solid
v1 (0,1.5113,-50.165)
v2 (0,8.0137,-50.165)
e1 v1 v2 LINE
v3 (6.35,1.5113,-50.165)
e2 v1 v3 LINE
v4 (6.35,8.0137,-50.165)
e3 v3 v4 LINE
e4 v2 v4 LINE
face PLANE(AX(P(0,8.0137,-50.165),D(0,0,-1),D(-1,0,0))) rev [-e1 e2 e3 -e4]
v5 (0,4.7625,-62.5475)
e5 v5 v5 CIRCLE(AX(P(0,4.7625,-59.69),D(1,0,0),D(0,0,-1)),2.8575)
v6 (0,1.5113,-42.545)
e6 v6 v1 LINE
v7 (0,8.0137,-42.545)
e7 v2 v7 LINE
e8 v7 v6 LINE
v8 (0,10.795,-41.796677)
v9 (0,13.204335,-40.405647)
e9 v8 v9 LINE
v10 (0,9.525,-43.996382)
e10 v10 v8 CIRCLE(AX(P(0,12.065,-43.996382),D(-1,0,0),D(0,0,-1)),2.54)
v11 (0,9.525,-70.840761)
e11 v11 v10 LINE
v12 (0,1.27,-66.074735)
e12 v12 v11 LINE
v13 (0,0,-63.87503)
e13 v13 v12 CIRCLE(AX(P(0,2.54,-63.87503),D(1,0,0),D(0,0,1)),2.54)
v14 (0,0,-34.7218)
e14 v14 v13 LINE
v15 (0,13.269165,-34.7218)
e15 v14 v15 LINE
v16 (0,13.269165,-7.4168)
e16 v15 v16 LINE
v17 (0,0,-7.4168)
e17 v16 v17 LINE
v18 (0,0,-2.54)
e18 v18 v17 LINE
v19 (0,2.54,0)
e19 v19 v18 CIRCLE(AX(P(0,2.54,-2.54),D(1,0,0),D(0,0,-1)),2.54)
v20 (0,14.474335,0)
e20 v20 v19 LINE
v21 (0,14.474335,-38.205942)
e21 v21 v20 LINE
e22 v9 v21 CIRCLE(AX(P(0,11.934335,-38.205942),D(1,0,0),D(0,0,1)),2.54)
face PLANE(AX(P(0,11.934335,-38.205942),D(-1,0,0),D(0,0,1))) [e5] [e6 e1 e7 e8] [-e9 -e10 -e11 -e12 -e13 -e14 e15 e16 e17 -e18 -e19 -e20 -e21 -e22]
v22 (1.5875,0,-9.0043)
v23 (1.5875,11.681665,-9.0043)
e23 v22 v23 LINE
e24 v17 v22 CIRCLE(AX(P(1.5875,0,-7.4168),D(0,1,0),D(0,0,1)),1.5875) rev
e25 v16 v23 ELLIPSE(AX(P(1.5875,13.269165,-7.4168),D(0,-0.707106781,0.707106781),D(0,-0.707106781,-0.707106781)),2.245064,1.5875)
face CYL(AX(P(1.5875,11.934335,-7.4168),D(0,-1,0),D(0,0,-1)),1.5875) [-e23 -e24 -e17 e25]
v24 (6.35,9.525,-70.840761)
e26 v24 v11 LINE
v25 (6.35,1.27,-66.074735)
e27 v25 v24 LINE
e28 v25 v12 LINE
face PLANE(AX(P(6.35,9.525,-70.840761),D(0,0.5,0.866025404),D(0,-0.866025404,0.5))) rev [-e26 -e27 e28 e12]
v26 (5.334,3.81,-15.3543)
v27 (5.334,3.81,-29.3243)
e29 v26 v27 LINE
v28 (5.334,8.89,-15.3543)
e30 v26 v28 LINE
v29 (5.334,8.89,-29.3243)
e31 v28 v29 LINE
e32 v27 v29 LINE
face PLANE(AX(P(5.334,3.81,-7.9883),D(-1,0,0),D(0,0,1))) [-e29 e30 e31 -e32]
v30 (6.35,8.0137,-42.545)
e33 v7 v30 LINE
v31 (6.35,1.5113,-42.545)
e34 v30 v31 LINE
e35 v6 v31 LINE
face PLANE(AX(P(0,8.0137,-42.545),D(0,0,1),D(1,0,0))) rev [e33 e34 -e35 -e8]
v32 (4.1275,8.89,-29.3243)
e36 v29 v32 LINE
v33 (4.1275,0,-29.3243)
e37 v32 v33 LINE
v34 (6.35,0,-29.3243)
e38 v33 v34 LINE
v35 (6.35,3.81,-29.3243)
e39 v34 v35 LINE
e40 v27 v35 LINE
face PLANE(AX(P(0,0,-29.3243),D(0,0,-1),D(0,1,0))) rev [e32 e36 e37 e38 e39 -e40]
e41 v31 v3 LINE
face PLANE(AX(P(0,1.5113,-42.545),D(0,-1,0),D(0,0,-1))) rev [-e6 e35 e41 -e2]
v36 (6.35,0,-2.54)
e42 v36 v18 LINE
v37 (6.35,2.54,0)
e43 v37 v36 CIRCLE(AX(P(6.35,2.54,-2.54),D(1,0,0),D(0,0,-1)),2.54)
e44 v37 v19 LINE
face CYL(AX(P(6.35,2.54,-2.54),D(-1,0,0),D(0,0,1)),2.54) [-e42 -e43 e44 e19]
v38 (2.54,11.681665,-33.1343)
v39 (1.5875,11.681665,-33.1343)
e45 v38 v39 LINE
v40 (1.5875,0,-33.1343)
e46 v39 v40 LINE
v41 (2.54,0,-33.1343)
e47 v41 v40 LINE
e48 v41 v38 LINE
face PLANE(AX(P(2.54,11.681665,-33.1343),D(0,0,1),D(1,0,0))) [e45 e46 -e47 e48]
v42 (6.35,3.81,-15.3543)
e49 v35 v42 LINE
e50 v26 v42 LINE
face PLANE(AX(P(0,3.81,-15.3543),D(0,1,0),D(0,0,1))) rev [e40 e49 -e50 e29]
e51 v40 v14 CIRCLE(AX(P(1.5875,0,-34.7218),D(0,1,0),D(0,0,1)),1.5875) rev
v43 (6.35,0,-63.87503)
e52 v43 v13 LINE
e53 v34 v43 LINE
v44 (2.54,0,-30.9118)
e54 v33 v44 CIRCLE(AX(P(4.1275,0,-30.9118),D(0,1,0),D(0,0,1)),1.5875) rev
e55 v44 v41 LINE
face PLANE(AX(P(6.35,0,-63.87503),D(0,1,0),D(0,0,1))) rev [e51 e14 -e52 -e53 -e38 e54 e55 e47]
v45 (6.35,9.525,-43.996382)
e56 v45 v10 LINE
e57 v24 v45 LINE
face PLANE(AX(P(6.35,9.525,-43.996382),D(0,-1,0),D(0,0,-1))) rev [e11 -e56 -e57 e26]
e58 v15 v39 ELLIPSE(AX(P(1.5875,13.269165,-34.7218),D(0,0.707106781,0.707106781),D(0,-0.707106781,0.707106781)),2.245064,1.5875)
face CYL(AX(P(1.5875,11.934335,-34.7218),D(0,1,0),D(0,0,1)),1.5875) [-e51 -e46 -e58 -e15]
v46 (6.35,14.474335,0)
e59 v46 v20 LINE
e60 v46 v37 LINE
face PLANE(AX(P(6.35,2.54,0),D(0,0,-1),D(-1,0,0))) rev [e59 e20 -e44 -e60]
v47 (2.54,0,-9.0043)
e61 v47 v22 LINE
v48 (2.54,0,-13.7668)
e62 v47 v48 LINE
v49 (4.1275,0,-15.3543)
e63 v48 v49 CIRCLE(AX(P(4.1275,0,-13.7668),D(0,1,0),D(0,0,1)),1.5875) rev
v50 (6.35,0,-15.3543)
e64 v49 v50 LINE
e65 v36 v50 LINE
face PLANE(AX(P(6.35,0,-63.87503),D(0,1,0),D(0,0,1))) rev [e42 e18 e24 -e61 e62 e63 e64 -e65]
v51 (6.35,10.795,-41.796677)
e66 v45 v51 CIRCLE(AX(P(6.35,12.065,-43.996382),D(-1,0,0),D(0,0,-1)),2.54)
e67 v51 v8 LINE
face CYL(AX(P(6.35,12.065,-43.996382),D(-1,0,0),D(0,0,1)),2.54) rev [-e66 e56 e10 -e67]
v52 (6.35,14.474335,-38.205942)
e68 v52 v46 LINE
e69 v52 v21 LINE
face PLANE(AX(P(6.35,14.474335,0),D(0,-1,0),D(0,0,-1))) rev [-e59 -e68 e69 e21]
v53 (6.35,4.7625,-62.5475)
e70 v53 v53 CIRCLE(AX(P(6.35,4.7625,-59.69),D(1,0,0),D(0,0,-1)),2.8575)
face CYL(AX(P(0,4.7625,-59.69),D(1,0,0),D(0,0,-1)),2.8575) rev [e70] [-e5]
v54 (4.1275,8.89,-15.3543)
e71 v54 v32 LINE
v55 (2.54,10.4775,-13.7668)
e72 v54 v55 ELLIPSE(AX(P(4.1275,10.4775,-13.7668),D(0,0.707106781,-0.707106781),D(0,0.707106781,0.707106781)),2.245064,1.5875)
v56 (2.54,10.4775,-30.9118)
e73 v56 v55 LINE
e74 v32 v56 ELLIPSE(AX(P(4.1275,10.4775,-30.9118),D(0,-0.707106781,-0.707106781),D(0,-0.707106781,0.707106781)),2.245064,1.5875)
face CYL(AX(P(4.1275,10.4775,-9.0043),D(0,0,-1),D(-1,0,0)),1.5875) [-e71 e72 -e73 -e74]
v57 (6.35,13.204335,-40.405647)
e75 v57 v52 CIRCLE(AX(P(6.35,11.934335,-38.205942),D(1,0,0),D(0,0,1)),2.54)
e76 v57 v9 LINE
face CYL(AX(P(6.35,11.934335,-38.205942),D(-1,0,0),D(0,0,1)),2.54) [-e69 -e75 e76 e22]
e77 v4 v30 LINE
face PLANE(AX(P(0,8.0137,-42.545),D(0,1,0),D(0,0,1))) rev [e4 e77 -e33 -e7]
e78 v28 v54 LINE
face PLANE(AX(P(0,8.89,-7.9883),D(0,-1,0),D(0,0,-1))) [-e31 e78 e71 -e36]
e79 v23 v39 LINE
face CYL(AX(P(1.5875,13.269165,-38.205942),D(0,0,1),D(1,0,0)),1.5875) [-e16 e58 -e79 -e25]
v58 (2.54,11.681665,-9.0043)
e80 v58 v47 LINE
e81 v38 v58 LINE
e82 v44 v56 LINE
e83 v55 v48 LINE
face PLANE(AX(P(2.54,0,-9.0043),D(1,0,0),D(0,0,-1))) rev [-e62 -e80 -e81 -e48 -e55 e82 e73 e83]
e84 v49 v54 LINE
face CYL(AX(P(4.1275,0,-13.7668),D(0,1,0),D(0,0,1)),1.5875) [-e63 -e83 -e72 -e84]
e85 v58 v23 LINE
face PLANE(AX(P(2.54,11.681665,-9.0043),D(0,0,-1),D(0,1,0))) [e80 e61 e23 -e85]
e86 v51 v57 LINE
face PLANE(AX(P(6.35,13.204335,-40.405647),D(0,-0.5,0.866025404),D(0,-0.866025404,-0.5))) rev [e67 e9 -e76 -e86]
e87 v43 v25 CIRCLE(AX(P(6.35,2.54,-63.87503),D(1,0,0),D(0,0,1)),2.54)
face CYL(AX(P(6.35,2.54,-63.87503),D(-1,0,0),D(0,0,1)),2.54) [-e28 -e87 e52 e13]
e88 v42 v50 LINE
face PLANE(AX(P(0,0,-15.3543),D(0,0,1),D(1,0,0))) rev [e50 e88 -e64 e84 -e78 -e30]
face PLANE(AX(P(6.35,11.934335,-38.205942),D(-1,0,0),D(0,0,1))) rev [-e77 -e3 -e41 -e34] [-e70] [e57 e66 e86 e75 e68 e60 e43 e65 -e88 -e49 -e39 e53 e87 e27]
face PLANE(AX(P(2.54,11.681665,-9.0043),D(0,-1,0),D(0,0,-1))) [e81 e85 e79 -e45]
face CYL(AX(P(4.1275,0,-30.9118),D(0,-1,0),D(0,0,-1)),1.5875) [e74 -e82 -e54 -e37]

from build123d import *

# Parameters (mm, degrees)
BOSS_EXTRUDE1_DEPTH = 6.35
SKETCH2_R           = 2.8575
SKETCH2_W           = 7.62
SKETCH2_H           = 6.5024
SKETCH2_W_2         = 13.97
SKETCH2_H_2         = 3.81
CUT_EXTRUDE1_DEPTH  = 7.35
SKETCH3_W           = 5.334
SKETCH3_H           = 5.08
CUT_EXTRUDE2_DEPTH  = 13.97
SKETCH4_W           = 24.13
SKETCH4_H           = 11.681664872
CUT_EXTRUDE3_DEPTH  = 2.54
FILLET1_R           = 1.5875


with BuildPart() as part:
    # Sketch1 → Boss-Extrude1 (new body)
    with BuildSketch(Plane(origin=(0, 0, 0), x_dir=(0, 0, -1), z_dir=(1, 0, 0))):
        with BuildLine():
            Line((0, 2.54), (0, 14.474335183))
            Line((0, 14.474335183), (38.205942443, 14.474335183))
            ThreePointArc((38.205942443, 14.474335183), (39.475942443, 14.134039708), (40.405646968, 13.204335183))
            Line((40.405646968, 13.204335183), (41.796677285, 10.795))
            ThreePointArc((41.796677285, 10.795), (42.72638181, 9.865295474), (43.99638181, 9.525))
            Line((43.99638181, 9.525), (70.840761314, 9.525))
            Line((70.840761314, 9.525), (66.074734842, 1.27))
            ThreePointArc((66.074734842, 1.27), (65.145030316, 0.340295474), (63.875030316, 0))
            Line((63.875030316, 0), (2.54, 0))
            ThreePointArc((2.54, 0), (0.743948776, 0.743948776), (0, 2.54))
        make_face()
    extrude(amount=BOSS_EXTRUDE1_DEPTH)

    # Sketch2 → Cut-Extrude1 (cut, through all)
    with BuildSketch(Plane(origin=(6.35, 0, 0), x_dir=(0, 0, -1), z_dir=(1, 0, 0))):
        with Locations((59.69, 4.7625)):
            Circle(SKETCH2_R)
        with Locations((46.355, 4.7625)):
            Rectangle(SKETCH2_W, SKETCH2_H)
        with Locations((22.3393, 1.905)):
            Rectangle(SKETCH2_W_2, SKETCH2_H_2)
    extrude(amount=-CUT_EXTRUDE1_DEPTH, mode=Mode.SUBTRACT)

    # Sketch3 → Cut-Extrude2 (cut)
    with BuildSketch(Plane.XY.offset(-29.3243)):
        with Locations((2.667, 6.35)):
            Rectangle(SKETCH3_W, SKETCH3_H)
    extrude(amount=CUT_EXTRUDE2_DEPTH, mode=Mode.SUBTRACT)

    # Sketch4 → Cut-Extrude3 (cut)
    with BuildSketch(Plane(origin=(0, 0, 0), x_dir=(0, 0, -1), z_dir=(1, 0, 0))):
        with Locations((21.0693, 5.840832436)):
            Rectangle(SKETCH4_W, SKETCH4_H)
    extrude(amount=CUT_EXTRUDE3_DEPTH, mode=Mode.SUBTRACT)

    # Fillet1
    fillet1_edges = [part.edges().sort_by_distance(p)[0] for p in [
        (2.54, 8.89, -22.3393),
        (2.54, 4.445, -15.3543),
        (2.54, 4.445, -29.3243),
        (0, 5.840832436, -9.0043),
        (0, 5.840832436, -33.1343),
        (0, 11.681664872, -21.0693),
    ]]
    fillet(fillet1_edges, radius=FILLET1_R)


solid = part.part
